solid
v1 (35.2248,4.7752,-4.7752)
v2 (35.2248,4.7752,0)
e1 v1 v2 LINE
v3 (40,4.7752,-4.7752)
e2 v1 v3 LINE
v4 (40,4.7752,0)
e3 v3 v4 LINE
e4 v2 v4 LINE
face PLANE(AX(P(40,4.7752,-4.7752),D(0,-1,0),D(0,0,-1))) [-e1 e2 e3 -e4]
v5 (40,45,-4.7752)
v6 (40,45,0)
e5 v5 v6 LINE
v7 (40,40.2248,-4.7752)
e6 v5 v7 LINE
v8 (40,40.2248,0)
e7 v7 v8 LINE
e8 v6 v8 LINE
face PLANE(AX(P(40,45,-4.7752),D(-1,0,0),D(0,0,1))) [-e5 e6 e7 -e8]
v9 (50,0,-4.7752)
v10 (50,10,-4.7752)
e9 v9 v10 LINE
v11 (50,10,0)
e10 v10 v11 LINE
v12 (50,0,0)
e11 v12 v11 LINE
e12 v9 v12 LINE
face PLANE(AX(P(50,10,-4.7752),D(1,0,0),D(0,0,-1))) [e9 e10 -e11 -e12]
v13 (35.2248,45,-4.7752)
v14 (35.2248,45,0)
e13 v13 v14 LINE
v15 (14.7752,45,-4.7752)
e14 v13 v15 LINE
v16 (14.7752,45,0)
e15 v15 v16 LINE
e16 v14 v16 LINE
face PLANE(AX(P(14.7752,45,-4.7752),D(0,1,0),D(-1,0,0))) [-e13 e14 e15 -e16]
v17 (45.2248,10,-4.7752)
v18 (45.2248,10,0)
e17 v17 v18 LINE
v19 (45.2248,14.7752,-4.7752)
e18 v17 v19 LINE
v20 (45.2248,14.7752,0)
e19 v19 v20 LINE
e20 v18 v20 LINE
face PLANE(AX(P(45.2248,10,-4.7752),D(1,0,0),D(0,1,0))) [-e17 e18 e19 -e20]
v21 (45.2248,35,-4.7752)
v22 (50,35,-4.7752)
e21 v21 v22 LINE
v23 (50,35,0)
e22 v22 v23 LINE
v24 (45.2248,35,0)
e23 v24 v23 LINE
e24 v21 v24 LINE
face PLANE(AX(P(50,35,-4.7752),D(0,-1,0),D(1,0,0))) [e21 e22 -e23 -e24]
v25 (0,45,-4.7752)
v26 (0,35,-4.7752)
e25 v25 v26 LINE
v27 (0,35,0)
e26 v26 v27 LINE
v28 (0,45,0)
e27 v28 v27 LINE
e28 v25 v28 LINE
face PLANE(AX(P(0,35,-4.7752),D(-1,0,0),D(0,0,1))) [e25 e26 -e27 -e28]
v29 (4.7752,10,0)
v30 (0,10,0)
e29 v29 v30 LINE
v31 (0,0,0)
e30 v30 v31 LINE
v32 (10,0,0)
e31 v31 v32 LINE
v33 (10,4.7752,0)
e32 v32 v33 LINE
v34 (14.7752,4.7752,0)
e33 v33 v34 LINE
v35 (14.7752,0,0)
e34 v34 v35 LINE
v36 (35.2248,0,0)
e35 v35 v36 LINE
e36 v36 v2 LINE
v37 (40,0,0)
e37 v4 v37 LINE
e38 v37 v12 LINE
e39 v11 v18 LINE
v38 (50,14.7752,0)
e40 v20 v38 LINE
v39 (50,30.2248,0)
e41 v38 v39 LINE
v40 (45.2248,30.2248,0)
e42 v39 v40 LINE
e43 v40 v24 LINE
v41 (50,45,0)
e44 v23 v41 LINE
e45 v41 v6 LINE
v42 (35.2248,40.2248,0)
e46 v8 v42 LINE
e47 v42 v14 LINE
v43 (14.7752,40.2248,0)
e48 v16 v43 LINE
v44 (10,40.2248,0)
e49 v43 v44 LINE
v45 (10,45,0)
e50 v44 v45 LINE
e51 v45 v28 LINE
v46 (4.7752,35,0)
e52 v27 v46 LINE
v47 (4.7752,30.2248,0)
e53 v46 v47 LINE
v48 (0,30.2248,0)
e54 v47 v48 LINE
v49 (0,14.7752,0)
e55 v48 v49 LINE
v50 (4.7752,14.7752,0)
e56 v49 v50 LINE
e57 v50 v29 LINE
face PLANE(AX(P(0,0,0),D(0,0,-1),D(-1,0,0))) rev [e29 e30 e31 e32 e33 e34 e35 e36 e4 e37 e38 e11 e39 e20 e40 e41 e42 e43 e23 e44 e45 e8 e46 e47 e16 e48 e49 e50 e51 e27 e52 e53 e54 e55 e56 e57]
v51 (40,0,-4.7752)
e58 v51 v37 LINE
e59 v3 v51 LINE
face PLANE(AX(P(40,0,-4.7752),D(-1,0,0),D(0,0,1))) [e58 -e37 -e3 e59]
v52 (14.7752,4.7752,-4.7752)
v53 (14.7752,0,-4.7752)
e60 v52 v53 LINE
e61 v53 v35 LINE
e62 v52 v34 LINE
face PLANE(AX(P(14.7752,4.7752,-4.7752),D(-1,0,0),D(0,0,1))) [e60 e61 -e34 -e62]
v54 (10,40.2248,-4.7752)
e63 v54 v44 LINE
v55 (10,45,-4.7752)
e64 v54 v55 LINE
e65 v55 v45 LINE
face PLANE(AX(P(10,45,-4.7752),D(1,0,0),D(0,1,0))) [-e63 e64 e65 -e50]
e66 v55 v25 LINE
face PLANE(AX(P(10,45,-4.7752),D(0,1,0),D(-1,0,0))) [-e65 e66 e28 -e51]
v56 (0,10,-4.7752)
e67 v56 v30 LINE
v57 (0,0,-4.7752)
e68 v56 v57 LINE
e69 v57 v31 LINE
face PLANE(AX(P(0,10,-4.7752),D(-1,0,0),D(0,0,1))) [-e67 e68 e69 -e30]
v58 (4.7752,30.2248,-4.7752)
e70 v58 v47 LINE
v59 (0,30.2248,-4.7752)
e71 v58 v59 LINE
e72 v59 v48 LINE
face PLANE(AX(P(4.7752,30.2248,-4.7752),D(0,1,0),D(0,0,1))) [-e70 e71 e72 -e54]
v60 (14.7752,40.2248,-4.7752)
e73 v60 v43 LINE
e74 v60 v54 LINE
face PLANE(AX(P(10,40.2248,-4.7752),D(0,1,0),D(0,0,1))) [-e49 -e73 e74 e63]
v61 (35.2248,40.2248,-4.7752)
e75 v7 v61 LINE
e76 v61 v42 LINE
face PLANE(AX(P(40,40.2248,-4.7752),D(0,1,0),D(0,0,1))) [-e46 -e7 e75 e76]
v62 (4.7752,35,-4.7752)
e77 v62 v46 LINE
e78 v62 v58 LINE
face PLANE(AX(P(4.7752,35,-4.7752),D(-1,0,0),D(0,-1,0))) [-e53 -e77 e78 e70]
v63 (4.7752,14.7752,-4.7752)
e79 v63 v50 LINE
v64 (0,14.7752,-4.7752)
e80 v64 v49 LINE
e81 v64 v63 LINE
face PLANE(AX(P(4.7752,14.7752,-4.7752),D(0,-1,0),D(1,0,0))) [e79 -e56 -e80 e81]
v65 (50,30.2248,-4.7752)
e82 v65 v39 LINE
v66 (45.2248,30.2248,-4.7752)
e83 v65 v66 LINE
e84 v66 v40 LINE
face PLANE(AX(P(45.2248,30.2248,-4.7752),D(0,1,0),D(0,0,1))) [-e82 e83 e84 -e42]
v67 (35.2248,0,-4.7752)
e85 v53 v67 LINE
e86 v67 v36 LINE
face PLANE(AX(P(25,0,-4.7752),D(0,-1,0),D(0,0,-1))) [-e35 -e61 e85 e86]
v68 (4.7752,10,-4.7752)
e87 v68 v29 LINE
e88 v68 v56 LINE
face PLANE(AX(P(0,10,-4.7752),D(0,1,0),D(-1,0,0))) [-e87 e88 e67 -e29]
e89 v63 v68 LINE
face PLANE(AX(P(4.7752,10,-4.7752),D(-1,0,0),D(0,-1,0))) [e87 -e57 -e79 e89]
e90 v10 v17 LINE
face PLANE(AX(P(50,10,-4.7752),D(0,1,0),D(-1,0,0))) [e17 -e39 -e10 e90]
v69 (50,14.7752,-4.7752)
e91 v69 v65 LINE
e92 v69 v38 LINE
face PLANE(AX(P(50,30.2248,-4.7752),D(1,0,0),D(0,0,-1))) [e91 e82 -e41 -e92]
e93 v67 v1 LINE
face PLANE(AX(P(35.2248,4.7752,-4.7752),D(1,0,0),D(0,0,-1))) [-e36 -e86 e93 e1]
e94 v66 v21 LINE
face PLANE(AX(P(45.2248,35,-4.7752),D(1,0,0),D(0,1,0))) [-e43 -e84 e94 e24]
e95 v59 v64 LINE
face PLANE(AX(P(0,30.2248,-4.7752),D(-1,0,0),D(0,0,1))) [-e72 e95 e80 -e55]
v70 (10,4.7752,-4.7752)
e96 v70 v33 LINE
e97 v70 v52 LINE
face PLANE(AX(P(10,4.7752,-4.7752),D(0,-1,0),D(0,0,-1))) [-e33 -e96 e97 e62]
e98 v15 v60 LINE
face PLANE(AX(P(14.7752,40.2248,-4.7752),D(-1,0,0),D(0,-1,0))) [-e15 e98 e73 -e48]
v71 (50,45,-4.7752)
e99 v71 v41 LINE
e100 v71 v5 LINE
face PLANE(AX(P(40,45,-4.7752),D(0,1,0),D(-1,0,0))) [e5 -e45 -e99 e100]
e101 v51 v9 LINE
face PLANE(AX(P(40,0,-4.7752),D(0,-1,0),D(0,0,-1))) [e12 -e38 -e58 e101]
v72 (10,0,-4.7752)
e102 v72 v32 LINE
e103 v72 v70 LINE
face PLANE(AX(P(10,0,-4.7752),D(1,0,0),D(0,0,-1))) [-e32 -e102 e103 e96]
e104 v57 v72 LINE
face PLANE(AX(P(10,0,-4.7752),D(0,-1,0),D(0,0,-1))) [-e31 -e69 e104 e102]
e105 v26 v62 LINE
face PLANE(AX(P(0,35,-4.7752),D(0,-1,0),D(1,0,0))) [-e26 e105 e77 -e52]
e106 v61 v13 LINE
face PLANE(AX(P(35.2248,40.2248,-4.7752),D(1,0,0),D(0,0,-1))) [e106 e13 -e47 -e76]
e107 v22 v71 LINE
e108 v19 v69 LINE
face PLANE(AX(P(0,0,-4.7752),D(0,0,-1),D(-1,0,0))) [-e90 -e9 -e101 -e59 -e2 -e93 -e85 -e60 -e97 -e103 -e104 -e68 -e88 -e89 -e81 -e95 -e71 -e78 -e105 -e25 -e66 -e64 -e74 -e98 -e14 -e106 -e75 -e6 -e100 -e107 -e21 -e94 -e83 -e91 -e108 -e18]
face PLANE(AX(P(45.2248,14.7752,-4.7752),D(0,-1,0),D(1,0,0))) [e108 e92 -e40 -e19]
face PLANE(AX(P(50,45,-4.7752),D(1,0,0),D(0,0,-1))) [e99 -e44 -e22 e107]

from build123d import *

# Parameters (mm, degrees)
BOSS_EXTRUDE1_DEPTH = 4.7752


with BuildPart() as part:
    # Sketch3 → Boss-Extrude1 (new body)
    with BuildSketch(Plane.XY):
        Polygon((10, 0), (10, 4.7752), (14.7752, 4.7752), (14.7752, 0), (25, 0), (35.2248, 0), (35.2248, 4.7752), (40, 4.7752), (40, 0), (50, 0), (50, 10), (45.2248, 10), (45.2248, 14.7752), (50, 14.7752), (50, 22.5), (50, 30.2248), (45.2248, 30.2248), (45.2248, 35), (50, 35), (50, 45), (40, 45), (40, 40.2248), (35.2248, 40.2248), (35.2248, 45), (14.7752, 45), (14.7752, 40.2248), (10, 40.2248), (10, 45), (0, 45), (0, 35), (4.7752, 35), (4.7752, 30.2248), (0, 30.2248), (0, 14.7752), (4.7752, 14.7752), (4.7752, 10), (0, 10), (0, 0), align=None)
    extrude(amount=-BOSS_EXTRUDE1_DEPTH)


solid = part.part
